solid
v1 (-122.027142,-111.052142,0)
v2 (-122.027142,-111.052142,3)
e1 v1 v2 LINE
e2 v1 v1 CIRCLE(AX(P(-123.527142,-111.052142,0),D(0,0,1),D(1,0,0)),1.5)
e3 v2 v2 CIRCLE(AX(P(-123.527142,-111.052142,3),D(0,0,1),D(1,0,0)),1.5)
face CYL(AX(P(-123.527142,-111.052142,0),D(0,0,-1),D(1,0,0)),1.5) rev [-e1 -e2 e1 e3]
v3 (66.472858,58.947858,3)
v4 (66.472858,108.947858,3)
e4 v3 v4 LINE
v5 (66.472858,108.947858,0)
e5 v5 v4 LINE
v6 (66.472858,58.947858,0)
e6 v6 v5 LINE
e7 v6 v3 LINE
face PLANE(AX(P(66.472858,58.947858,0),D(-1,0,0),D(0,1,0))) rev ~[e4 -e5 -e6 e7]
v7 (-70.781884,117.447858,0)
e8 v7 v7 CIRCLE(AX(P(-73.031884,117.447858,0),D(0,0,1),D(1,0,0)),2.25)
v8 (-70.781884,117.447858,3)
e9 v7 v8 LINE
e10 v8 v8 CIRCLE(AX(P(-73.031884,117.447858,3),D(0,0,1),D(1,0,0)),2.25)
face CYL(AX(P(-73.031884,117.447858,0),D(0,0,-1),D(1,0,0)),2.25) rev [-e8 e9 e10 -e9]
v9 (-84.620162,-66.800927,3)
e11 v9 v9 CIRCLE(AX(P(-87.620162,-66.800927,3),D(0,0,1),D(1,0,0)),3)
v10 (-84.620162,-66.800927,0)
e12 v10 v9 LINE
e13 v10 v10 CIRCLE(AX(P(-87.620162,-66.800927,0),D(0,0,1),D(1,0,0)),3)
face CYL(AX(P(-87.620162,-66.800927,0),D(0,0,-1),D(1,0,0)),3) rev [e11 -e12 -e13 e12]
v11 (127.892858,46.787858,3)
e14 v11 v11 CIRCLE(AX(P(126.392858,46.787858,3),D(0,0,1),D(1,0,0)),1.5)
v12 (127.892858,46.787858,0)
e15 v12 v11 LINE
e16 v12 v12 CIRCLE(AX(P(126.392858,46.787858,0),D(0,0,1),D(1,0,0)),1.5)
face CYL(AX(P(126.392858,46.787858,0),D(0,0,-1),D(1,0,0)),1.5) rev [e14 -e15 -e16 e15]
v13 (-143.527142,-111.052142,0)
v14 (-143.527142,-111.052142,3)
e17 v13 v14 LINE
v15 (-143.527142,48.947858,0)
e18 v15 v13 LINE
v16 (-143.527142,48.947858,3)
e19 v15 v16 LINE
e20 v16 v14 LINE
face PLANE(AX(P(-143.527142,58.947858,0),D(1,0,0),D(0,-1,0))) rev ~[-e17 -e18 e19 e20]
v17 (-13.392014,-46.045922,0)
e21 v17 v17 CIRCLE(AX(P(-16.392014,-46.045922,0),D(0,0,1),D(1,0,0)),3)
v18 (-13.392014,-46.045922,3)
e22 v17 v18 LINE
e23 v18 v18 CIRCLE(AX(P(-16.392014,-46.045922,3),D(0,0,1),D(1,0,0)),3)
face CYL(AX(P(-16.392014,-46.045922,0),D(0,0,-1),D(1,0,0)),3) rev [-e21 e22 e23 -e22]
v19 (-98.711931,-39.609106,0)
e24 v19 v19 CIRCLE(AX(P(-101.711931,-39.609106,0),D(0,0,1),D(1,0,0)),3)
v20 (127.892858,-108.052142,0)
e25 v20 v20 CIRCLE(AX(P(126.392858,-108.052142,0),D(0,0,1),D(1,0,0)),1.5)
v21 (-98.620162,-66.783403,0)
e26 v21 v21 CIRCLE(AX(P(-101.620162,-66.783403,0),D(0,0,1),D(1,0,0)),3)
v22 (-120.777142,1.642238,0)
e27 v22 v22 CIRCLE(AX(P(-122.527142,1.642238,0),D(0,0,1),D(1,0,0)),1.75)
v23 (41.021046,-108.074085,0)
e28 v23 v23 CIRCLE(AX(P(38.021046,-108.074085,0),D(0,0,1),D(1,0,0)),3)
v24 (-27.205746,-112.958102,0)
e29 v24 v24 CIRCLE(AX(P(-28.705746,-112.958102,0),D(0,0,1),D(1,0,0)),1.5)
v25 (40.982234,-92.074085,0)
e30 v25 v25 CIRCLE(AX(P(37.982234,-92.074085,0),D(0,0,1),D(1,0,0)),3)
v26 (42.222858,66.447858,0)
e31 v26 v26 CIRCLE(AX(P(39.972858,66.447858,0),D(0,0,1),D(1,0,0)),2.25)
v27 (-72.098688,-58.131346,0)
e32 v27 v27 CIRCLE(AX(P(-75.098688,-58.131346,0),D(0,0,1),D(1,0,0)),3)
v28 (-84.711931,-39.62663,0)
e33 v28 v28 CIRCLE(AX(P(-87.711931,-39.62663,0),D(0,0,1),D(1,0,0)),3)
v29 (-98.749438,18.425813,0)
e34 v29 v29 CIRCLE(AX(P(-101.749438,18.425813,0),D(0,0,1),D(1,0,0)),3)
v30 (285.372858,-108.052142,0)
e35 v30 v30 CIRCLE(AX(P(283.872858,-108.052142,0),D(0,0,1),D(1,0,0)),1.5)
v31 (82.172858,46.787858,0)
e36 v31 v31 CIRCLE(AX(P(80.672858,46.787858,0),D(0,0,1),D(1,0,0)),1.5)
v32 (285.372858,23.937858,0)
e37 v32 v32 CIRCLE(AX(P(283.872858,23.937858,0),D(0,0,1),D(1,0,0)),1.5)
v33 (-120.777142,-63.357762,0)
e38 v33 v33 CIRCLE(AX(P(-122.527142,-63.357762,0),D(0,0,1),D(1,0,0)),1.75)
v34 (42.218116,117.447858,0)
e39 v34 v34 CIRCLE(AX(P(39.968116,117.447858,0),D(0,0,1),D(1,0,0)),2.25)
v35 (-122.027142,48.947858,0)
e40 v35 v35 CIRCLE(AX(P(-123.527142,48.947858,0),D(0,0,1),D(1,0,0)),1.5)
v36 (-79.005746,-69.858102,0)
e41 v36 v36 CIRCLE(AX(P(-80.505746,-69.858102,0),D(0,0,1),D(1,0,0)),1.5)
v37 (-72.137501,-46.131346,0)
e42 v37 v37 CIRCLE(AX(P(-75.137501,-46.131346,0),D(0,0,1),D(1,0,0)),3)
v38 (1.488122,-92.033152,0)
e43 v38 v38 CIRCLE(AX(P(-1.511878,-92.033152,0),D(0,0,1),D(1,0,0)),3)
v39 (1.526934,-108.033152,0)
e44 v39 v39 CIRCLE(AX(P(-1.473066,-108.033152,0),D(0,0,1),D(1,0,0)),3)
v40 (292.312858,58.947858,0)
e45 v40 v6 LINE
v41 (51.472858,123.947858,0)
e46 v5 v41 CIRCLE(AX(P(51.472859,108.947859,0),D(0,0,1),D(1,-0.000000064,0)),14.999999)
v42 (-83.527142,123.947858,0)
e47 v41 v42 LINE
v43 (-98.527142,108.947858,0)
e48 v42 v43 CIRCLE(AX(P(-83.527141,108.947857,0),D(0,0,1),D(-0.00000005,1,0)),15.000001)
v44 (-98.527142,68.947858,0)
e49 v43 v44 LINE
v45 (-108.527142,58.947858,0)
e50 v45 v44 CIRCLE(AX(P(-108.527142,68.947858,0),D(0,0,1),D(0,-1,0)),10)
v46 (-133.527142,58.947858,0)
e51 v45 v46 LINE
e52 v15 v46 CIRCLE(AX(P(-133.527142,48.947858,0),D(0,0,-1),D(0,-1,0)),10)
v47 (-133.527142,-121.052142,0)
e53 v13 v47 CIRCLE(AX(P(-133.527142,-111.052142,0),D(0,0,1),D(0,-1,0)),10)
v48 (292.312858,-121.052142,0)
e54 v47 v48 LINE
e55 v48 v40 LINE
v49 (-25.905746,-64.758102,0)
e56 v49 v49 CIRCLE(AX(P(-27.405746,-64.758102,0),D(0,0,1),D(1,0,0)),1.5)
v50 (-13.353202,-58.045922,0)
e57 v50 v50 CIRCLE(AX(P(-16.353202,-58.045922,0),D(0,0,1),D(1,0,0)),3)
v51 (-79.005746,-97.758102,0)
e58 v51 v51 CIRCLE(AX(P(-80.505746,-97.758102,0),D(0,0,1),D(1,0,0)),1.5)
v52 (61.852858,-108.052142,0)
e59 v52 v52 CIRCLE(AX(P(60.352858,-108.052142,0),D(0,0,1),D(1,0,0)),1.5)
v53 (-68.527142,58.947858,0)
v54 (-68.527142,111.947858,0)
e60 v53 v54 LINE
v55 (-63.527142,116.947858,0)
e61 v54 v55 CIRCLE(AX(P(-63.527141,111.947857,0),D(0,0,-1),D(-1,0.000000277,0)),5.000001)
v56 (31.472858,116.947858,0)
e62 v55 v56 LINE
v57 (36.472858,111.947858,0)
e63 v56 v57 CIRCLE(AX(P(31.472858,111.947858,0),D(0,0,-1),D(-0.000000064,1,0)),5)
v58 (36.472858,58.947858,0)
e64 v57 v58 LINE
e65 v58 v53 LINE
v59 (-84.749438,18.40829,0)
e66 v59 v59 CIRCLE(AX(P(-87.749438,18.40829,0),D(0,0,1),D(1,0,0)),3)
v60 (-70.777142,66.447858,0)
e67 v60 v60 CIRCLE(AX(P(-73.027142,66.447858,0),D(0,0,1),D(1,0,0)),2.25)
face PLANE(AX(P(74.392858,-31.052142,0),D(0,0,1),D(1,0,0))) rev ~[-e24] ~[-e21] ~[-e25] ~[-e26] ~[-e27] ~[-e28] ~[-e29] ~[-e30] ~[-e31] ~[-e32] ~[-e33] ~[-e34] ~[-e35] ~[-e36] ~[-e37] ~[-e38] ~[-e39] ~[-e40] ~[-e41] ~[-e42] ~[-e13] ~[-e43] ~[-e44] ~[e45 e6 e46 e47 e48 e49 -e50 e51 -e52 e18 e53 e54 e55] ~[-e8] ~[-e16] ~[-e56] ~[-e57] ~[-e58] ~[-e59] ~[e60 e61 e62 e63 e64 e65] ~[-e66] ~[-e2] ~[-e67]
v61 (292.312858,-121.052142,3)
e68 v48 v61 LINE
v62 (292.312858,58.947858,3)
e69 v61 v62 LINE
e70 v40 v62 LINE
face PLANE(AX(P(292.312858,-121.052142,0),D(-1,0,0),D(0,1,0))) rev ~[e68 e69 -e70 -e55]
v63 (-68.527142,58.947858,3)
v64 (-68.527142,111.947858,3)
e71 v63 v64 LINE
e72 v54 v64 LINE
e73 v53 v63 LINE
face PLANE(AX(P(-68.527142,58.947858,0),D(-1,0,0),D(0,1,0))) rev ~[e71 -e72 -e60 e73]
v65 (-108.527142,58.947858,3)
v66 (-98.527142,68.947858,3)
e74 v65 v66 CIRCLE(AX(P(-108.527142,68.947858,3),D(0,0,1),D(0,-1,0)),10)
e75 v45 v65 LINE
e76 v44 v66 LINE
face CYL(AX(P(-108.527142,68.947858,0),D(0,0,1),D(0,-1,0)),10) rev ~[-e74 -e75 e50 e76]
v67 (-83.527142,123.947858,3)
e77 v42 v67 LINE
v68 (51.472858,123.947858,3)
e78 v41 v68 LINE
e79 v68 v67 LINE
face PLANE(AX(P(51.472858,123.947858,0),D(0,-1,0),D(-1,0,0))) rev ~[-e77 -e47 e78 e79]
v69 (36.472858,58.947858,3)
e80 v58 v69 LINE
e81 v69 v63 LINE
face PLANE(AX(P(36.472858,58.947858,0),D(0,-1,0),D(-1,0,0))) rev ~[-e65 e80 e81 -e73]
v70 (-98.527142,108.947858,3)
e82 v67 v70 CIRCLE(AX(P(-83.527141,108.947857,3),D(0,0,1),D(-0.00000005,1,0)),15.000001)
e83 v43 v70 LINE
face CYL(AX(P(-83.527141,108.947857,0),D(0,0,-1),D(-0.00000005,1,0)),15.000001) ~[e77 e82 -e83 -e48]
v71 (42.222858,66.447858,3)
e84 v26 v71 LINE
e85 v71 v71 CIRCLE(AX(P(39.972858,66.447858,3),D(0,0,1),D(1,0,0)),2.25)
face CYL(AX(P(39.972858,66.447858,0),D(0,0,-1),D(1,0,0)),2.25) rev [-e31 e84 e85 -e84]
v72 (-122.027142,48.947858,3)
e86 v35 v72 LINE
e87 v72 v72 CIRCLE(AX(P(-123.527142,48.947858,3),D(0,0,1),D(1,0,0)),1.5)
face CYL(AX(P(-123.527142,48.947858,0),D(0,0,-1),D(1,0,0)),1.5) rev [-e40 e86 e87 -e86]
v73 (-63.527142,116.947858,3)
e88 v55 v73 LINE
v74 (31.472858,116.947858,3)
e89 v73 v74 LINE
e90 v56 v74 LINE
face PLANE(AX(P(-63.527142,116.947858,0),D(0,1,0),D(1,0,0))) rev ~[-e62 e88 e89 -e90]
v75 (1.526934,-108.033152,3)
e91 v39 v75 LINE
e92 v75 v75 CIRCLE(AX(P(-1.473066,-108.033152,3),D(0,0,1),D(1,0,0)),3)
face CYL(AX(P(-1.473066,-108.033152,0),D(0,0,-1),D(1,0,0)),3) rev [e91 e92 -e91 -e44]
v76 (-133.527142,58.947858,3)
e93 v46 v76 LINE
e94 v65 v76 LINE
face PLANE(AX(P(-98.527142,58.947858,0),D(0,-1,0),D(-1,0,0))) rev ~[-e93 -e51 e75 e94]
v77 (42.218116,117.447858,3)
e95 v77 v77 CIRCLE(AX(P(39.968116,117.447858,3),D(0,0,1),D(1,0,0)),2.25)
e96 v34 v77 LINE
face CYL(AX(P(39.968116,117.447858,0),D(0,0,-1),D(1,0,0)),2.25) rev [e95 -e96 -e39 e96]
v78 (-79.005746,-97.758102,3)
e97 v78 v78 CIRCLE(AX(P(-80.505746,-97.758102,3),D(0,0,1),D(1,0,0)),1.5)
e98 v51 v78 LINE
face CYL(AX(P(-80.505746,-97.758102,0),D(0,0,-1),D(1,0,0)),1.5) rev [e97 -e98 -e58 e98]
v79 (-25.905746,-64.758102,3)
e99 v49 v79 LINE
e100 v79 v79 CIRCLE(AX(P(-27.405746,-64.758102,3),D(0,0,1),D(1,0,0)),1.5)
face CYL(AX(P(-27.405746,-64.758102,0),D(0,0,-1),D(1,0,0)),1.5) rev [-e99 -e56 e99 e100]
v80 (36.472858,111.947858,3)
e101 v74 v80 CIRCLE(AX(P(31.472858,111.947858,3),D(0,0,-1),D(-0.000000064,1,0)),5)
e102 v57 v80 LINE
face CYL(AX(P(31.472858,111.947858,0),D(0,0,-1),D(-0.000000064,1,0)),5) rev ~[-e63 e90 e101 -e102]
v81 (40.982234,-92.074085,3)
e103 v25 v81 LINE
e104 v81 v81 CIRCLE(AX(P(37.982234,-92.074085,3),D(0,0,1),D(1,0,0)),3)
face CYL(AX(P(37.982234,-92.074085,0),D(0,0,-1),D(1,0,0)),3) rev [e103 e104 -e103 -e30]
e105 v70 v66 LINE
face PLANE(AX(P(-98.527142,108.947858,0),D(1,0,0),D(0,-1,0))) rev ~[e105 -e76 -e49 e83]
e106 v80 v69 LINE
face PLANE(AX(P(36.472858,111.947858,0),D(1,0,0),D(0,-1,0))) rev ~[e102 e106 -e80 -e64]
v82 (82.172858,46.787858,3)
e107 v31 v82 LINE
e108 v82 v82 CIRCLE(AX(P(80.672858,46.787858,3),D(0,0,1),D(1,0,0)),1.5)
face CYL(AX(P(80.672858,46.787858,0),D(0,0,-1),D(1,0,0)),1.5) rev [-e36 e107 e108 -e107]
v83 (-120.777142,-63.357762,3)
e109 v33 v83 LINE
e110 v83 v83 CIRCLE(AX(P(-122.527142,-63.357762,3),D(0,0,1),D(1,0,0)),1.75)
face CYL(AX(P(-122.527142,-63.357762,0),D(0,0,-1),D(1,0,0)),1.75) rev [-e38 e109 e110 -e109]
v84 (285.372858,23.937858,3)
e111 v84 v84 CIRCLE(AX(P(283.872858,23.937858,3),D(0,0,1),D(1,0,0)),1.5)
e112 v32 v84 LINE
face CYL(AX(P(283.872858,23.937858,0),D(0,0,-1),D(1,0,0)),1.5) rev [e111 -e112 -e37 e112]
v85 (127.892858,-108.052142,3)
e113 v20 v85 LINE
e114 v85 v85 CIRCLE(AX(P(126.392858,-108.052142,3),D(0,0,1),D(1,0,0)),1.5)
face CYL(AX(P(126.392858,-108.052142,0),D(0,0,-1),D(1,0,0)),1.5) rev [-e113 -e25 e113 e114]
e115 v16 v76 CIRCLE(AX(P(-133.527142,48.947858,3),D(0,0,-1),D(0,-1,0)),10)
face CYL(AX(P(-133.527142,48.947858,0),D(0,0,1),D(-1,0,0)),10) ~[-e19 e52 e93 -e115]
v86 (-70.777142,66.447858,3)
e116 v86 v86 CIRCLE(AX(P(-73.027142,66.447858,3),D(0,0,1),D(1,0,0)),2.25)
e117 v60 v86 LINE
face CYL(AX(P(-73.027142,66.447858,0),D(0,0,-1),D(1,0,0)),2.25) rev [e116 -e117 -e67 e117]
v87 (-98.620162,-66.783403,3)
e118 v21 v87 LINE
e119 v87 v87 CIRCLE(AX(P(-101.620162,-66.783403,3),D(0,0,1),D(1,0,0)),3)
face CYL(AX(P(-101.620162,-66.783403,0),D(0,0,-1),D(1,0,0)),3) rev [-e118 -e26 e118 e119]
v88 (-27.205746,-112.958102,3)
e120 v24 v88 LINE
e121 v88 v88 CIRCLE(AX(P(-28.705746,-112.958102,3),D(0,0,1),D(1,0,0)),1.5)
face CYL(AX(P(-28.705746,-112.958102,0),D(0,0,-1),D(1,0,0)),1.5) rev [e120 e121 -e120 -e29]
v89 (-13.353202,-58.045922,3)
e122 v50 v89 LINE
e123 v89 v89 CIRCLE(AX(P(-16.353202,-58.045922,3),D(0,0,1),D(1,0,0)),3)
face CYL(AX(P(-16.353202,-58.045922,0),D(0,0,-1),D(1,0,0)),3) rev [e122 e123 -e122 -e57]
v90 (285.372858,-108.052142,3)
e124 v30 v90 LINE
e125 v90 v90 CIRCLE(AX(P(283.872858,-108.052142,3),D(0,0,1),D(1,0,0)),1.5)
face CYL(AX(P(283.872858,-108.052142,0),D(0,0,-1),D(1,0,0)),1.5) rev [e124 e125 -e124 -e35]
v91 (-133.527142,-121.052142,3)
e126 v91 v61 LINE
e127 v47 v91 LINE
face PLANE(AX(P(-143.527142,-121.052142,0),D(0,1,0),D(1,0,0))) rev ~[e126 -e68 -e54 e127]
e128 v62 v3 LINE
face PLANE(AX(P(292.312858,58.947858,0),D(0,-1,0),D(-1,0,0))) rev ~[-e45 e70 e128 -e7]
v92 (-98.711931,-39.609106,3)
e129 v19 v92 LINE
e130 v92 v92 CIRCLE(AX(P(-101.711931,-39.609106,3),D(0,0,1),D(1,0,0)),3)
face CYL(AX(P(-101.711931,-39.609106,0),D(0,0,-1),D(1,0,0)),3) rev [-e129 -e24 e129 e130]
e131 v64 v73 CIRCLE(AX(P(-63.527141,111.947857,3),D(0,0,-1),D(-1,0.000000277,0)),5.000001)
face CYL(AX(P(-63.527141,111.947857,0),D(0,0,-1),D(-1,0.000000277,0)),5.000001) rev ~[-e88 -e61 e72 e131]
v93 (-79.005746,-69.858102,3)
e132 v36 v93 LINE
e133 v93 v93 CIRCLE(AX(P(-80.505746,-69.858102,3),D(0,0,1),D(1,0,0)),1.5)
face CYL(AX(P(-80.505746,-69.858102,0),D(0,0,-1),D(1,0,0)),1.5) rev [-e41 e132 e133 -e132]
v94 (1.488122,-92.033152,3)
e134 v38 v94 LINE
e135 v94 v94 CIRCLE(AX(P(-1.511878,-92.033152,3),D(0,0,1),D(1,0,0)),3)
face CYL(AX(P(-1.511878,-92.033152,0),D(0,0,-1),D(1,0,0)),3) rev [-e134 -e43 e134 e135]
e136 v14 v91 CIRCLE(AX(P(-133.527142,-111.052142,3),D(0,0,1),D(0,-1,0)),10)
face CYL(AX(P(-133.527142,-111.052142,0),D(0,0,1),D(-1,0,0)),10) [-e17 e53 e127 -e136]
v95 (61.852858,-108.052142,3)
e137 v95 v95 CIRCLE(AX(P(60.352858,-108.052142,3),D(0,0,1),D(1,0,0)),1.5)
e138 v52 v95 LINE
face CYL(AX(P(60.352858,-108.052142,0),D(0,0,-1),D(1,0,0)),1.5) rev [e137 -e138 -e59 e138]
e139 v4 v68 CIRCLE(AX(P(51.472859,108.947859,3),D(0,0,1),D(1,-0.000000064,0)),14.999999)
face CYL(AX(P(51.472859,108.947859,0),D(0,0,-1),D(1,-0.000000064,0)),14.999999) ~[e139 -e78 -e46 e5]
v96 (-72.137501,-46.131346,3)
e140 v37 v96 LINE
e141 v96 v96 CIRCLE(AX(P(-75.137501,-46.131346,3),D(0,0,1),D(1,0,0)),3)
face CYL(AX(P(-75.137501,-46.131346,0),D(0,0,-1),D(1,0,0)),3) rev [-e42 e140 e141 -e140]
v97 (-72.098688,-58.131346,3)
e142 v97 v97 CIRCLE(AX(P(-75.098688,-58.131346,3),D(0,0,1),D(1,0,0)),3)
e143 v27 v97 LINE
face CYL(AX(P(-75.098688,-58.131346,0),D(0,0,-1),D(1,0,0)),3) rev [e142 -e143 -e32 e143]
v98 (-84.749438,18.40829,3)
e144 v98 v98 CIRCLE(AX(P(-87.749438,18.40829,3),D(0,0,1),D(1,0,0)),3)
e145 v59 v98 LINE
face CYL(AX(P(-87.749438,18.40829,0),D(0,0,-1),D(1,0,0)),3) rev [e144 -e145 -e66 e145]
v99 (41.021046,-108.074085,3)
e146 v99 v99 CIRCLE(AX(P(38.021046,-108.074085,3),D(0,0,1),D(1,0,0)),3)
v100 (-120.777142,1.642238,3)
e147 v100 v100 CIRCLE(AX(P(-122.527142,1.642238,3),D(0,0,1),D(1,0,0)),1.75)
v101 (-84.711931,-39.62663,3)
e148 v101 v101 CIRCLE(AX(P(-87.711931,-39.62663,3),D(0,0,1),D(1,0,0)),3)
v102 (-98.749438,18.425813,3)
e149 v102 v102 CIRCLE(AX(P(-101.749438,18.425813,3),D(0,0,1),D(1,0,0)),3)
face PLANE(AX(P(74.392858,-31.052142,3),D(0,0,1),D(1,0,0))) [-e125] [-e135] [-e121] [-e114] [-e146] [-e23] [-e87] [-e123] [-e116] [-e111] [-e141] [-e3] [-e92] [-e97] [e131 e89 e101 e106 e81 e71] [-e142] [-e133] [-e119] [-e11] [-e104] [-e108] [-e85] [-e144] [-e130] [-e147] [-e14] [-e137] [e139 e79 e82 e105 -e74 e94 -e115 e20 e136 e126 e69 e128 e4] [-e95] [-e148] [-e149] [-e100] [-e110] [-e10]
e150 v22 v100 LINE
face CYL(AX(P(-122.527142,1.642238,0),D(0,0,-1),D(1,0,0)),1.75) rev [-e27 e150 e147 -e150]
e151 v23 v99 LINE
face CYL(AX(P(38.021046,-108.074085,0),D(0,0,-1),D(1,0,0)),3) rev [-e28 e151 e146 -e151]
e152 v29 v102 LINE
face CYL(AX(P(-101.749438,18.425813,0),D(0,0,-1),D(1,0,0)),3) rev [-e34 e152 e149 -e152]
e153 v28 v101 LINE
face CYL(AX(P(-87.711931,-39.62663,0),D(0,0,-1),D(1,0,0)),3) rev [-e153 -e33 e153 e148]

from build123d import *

# Parameters (mm, degrees)
F0_R     = 1.5
F0_R_2   = 1.75
F0_R_3   = 3
F0_R_4   = 2.25
F1_DEPTH = 3
F2_R     = 10


with BuildPart() as f1:
    # F0 (on Top) → F1 (new body)
    with BuildSketch(Plane.XY):
        Polygon((-98.527142, 58.947858), (-143.527142, 58.947858), (-143.527142, -121.052142), (292.312858, -121.052142), (292.312858, 58.947858), (66.472858, 58.947858), (37.065691, 58.947858), (36.472858, 58.947858), (-61.047302, 58.947858), (-68.527142, 58.947858), (-82.527142, 58.947858), align=None)
        with Locations((-123.527142, -111.052142)):
            Circle(F0_R, mode=Mode.SUBTRACT)
        with Locations((-80.505746, -97.758102)):
            Circle(F0_R, mode=Mode.SUBTRACT)
        with Locations((-122.527142, -63.357762)):
            Circle(F0_R_2, mode=Mode.SUBTRACT)
        with Locations((-101.620162, -66.783403)):
            Circle(F0_R_3, mode=Mode.SUBTRACT)
        with Locations((-80.505746, -69.858102)):
            Circle(F0_R, mode=Mode.SUBTRACT)
        with Locations((-87.620162, -66.800927)):
            Circle(F0_R_3, mode=Mode.SUBTRACT)
        with Locations((-28.705746, -112.958102)):
            Circle(F0_R, mode=Mode.SUBTRACT)
        with Locations((-1.473066, -108.033152)):
            Circle(F0_R_3, mode=Mode.SUBTRACT)
        with Locations((-1.511878, -92.033152)):
            Circle(F0_R_3, mode=Mode.SUBTRACT)
        with Locations((38.021046, -108.074085)):
            Circle(F0_R_3, mode=Mode.SUBTRACT)
        with Locations((60.352858, -108.052142)):
            Circle(F0_R, mode=Mode.SUBTRACT)
        with Locations((37.982234, -92.074085)):
            Circle(F0_R_3, mode=Mode.SUBTRACT)
        with Locations((-27.405746, -64.758102)):
            Circle(F0_R, mode=Mode.SUBTRACT)
        with Locations((-101.711931, -39.609106)):
            Circle(F0_R_3, mode=Mode.SUBTRACT)
        with Locations((-75.098688, -58.131346)):
            Circle(F0_R_3, mode=Mode.SUBTRACT)
        with Locations((-75.137501, -46.131346)):
            Circle(F0_R_3, mode=Mode.SUBTRACT)
        with Locations((-87.711931, -39.62663)):
            Circle(F0_R_3, mode=Mode.SUBTRACT)
        with Locations((-16.353202, -58.045922)):
            Circle(F0_R_3, mode=Mode.SUBTRACT)
        with Locations((-16.392014, -46.045922)):
            Circle(F0_R_3, mode=Mode.SUBTRACT)
        with Locations((126.392858, -108.052142)):
            Circle(F0_R, mode=Mode.SUBTRACT)
        with Locations((283.872858, -108.052142)):
            Circle(F0_R, mode=Mode.SUBTRACT)
        with Locations((-122.527142, 1.642238)):
            Circle(F0_R_2, mode=Mode.SUBTRACT)
        with Locations((-101.749438, 18.425813)):
            Circle(F0_R_3, mode=Mode.SUBTRACT)
        with Locations((-87.749438, 18.40829)):
            Circle(F0_R_3, mode=Mode.SUBTRACT)
        with Locations((-123.527142, 48.947858)):
            Circle(F0_R, mode=Mode.SUBTRACT)
        with Locations((80.672858, 46.787858)):
            Circle(F0_R, mode=Mode.SUBTRACT)
        with Locations((126.392858, 46.787858)):
            Circle(F0_R, mode=Mode.SUBTRACT)
        with Locations((283.872858, 23.937858)):
            Circle(F0_R, mode=Mode.SUBTRACT)
        with BuildLine():
            Line((-98.527142, 108.947858), (-98.527142, 58.947858))
            Line((-98.527142, 58.947858), (-82.527142, 58.947858))
            Line((-82.527142, 58.947858), (-68.527142, 58.947858))
            Line((-68.527142, 58.947858), (-68.527142, 111.947858))
            ThreePointArc((-68.527142, 111.947858), (-67.062675, 115.483392), (-63.527142, 116.947858))
            Line((-63.527142, 116.947858), (31.472858, 116.947858))
            ThreePointArc((31.472858, 116.947858), (35.008392, 115.483392), (36.472858, 111.947858))
            Line((36.472858, 111.947858), (36.472858, 58.947858))
            Line((36.472858, 58.947858), (37.065691, 58.947858))
            Line((37.065691, 58.947858), (66.472858, 58.947858))
            Line((66.472858, 58.947858), (66.472858, 108.947858))
            ThreePointArc((66.472858, 108.947858), (62.07946, 119.55446), (51.472858, 123.947858))
            Line((51.472858, 123.947858), (-82.527142, 123.947858))
            Line((-82.527142, 123.947858), (-83.527142, 123.947858))
            ThreePointArc((-83.527142, 123.947858), (-94.133743, 119.55446), (-98.527142, 108.947858))
        make_face()
        with Locations((-73.027142, 66.447858)):
            Circle(F0_R_4, mode=Mode.SUBTRACT)
        with Locations((-73.031884, 117.447858)):
            Circle(F0_R_4, mode=Mode.SUBTRACT)
        with Locations((39.972858, 66.447858)):
            Circle(F0_R_4, mode=Mode.SUBTRACT)
        with Locations((39.968116, 117.447858)):
            Circle(F0_R_4, mode=Mode.SUBTRACT)
    extrude(amount=F1_DEPTH)

    # F2
    f2_edges = [f1.edges().sort_by_distance(p)[0] for p in [
        (-98.527142, 58.947858, 1.5),
        (-143.527142, -121.052142, 1.5),
        (-143.527142, 58.947858, 1.5),
    ]]
    fillet(f2_edges, radius=F2_R)


solid = f1.part
